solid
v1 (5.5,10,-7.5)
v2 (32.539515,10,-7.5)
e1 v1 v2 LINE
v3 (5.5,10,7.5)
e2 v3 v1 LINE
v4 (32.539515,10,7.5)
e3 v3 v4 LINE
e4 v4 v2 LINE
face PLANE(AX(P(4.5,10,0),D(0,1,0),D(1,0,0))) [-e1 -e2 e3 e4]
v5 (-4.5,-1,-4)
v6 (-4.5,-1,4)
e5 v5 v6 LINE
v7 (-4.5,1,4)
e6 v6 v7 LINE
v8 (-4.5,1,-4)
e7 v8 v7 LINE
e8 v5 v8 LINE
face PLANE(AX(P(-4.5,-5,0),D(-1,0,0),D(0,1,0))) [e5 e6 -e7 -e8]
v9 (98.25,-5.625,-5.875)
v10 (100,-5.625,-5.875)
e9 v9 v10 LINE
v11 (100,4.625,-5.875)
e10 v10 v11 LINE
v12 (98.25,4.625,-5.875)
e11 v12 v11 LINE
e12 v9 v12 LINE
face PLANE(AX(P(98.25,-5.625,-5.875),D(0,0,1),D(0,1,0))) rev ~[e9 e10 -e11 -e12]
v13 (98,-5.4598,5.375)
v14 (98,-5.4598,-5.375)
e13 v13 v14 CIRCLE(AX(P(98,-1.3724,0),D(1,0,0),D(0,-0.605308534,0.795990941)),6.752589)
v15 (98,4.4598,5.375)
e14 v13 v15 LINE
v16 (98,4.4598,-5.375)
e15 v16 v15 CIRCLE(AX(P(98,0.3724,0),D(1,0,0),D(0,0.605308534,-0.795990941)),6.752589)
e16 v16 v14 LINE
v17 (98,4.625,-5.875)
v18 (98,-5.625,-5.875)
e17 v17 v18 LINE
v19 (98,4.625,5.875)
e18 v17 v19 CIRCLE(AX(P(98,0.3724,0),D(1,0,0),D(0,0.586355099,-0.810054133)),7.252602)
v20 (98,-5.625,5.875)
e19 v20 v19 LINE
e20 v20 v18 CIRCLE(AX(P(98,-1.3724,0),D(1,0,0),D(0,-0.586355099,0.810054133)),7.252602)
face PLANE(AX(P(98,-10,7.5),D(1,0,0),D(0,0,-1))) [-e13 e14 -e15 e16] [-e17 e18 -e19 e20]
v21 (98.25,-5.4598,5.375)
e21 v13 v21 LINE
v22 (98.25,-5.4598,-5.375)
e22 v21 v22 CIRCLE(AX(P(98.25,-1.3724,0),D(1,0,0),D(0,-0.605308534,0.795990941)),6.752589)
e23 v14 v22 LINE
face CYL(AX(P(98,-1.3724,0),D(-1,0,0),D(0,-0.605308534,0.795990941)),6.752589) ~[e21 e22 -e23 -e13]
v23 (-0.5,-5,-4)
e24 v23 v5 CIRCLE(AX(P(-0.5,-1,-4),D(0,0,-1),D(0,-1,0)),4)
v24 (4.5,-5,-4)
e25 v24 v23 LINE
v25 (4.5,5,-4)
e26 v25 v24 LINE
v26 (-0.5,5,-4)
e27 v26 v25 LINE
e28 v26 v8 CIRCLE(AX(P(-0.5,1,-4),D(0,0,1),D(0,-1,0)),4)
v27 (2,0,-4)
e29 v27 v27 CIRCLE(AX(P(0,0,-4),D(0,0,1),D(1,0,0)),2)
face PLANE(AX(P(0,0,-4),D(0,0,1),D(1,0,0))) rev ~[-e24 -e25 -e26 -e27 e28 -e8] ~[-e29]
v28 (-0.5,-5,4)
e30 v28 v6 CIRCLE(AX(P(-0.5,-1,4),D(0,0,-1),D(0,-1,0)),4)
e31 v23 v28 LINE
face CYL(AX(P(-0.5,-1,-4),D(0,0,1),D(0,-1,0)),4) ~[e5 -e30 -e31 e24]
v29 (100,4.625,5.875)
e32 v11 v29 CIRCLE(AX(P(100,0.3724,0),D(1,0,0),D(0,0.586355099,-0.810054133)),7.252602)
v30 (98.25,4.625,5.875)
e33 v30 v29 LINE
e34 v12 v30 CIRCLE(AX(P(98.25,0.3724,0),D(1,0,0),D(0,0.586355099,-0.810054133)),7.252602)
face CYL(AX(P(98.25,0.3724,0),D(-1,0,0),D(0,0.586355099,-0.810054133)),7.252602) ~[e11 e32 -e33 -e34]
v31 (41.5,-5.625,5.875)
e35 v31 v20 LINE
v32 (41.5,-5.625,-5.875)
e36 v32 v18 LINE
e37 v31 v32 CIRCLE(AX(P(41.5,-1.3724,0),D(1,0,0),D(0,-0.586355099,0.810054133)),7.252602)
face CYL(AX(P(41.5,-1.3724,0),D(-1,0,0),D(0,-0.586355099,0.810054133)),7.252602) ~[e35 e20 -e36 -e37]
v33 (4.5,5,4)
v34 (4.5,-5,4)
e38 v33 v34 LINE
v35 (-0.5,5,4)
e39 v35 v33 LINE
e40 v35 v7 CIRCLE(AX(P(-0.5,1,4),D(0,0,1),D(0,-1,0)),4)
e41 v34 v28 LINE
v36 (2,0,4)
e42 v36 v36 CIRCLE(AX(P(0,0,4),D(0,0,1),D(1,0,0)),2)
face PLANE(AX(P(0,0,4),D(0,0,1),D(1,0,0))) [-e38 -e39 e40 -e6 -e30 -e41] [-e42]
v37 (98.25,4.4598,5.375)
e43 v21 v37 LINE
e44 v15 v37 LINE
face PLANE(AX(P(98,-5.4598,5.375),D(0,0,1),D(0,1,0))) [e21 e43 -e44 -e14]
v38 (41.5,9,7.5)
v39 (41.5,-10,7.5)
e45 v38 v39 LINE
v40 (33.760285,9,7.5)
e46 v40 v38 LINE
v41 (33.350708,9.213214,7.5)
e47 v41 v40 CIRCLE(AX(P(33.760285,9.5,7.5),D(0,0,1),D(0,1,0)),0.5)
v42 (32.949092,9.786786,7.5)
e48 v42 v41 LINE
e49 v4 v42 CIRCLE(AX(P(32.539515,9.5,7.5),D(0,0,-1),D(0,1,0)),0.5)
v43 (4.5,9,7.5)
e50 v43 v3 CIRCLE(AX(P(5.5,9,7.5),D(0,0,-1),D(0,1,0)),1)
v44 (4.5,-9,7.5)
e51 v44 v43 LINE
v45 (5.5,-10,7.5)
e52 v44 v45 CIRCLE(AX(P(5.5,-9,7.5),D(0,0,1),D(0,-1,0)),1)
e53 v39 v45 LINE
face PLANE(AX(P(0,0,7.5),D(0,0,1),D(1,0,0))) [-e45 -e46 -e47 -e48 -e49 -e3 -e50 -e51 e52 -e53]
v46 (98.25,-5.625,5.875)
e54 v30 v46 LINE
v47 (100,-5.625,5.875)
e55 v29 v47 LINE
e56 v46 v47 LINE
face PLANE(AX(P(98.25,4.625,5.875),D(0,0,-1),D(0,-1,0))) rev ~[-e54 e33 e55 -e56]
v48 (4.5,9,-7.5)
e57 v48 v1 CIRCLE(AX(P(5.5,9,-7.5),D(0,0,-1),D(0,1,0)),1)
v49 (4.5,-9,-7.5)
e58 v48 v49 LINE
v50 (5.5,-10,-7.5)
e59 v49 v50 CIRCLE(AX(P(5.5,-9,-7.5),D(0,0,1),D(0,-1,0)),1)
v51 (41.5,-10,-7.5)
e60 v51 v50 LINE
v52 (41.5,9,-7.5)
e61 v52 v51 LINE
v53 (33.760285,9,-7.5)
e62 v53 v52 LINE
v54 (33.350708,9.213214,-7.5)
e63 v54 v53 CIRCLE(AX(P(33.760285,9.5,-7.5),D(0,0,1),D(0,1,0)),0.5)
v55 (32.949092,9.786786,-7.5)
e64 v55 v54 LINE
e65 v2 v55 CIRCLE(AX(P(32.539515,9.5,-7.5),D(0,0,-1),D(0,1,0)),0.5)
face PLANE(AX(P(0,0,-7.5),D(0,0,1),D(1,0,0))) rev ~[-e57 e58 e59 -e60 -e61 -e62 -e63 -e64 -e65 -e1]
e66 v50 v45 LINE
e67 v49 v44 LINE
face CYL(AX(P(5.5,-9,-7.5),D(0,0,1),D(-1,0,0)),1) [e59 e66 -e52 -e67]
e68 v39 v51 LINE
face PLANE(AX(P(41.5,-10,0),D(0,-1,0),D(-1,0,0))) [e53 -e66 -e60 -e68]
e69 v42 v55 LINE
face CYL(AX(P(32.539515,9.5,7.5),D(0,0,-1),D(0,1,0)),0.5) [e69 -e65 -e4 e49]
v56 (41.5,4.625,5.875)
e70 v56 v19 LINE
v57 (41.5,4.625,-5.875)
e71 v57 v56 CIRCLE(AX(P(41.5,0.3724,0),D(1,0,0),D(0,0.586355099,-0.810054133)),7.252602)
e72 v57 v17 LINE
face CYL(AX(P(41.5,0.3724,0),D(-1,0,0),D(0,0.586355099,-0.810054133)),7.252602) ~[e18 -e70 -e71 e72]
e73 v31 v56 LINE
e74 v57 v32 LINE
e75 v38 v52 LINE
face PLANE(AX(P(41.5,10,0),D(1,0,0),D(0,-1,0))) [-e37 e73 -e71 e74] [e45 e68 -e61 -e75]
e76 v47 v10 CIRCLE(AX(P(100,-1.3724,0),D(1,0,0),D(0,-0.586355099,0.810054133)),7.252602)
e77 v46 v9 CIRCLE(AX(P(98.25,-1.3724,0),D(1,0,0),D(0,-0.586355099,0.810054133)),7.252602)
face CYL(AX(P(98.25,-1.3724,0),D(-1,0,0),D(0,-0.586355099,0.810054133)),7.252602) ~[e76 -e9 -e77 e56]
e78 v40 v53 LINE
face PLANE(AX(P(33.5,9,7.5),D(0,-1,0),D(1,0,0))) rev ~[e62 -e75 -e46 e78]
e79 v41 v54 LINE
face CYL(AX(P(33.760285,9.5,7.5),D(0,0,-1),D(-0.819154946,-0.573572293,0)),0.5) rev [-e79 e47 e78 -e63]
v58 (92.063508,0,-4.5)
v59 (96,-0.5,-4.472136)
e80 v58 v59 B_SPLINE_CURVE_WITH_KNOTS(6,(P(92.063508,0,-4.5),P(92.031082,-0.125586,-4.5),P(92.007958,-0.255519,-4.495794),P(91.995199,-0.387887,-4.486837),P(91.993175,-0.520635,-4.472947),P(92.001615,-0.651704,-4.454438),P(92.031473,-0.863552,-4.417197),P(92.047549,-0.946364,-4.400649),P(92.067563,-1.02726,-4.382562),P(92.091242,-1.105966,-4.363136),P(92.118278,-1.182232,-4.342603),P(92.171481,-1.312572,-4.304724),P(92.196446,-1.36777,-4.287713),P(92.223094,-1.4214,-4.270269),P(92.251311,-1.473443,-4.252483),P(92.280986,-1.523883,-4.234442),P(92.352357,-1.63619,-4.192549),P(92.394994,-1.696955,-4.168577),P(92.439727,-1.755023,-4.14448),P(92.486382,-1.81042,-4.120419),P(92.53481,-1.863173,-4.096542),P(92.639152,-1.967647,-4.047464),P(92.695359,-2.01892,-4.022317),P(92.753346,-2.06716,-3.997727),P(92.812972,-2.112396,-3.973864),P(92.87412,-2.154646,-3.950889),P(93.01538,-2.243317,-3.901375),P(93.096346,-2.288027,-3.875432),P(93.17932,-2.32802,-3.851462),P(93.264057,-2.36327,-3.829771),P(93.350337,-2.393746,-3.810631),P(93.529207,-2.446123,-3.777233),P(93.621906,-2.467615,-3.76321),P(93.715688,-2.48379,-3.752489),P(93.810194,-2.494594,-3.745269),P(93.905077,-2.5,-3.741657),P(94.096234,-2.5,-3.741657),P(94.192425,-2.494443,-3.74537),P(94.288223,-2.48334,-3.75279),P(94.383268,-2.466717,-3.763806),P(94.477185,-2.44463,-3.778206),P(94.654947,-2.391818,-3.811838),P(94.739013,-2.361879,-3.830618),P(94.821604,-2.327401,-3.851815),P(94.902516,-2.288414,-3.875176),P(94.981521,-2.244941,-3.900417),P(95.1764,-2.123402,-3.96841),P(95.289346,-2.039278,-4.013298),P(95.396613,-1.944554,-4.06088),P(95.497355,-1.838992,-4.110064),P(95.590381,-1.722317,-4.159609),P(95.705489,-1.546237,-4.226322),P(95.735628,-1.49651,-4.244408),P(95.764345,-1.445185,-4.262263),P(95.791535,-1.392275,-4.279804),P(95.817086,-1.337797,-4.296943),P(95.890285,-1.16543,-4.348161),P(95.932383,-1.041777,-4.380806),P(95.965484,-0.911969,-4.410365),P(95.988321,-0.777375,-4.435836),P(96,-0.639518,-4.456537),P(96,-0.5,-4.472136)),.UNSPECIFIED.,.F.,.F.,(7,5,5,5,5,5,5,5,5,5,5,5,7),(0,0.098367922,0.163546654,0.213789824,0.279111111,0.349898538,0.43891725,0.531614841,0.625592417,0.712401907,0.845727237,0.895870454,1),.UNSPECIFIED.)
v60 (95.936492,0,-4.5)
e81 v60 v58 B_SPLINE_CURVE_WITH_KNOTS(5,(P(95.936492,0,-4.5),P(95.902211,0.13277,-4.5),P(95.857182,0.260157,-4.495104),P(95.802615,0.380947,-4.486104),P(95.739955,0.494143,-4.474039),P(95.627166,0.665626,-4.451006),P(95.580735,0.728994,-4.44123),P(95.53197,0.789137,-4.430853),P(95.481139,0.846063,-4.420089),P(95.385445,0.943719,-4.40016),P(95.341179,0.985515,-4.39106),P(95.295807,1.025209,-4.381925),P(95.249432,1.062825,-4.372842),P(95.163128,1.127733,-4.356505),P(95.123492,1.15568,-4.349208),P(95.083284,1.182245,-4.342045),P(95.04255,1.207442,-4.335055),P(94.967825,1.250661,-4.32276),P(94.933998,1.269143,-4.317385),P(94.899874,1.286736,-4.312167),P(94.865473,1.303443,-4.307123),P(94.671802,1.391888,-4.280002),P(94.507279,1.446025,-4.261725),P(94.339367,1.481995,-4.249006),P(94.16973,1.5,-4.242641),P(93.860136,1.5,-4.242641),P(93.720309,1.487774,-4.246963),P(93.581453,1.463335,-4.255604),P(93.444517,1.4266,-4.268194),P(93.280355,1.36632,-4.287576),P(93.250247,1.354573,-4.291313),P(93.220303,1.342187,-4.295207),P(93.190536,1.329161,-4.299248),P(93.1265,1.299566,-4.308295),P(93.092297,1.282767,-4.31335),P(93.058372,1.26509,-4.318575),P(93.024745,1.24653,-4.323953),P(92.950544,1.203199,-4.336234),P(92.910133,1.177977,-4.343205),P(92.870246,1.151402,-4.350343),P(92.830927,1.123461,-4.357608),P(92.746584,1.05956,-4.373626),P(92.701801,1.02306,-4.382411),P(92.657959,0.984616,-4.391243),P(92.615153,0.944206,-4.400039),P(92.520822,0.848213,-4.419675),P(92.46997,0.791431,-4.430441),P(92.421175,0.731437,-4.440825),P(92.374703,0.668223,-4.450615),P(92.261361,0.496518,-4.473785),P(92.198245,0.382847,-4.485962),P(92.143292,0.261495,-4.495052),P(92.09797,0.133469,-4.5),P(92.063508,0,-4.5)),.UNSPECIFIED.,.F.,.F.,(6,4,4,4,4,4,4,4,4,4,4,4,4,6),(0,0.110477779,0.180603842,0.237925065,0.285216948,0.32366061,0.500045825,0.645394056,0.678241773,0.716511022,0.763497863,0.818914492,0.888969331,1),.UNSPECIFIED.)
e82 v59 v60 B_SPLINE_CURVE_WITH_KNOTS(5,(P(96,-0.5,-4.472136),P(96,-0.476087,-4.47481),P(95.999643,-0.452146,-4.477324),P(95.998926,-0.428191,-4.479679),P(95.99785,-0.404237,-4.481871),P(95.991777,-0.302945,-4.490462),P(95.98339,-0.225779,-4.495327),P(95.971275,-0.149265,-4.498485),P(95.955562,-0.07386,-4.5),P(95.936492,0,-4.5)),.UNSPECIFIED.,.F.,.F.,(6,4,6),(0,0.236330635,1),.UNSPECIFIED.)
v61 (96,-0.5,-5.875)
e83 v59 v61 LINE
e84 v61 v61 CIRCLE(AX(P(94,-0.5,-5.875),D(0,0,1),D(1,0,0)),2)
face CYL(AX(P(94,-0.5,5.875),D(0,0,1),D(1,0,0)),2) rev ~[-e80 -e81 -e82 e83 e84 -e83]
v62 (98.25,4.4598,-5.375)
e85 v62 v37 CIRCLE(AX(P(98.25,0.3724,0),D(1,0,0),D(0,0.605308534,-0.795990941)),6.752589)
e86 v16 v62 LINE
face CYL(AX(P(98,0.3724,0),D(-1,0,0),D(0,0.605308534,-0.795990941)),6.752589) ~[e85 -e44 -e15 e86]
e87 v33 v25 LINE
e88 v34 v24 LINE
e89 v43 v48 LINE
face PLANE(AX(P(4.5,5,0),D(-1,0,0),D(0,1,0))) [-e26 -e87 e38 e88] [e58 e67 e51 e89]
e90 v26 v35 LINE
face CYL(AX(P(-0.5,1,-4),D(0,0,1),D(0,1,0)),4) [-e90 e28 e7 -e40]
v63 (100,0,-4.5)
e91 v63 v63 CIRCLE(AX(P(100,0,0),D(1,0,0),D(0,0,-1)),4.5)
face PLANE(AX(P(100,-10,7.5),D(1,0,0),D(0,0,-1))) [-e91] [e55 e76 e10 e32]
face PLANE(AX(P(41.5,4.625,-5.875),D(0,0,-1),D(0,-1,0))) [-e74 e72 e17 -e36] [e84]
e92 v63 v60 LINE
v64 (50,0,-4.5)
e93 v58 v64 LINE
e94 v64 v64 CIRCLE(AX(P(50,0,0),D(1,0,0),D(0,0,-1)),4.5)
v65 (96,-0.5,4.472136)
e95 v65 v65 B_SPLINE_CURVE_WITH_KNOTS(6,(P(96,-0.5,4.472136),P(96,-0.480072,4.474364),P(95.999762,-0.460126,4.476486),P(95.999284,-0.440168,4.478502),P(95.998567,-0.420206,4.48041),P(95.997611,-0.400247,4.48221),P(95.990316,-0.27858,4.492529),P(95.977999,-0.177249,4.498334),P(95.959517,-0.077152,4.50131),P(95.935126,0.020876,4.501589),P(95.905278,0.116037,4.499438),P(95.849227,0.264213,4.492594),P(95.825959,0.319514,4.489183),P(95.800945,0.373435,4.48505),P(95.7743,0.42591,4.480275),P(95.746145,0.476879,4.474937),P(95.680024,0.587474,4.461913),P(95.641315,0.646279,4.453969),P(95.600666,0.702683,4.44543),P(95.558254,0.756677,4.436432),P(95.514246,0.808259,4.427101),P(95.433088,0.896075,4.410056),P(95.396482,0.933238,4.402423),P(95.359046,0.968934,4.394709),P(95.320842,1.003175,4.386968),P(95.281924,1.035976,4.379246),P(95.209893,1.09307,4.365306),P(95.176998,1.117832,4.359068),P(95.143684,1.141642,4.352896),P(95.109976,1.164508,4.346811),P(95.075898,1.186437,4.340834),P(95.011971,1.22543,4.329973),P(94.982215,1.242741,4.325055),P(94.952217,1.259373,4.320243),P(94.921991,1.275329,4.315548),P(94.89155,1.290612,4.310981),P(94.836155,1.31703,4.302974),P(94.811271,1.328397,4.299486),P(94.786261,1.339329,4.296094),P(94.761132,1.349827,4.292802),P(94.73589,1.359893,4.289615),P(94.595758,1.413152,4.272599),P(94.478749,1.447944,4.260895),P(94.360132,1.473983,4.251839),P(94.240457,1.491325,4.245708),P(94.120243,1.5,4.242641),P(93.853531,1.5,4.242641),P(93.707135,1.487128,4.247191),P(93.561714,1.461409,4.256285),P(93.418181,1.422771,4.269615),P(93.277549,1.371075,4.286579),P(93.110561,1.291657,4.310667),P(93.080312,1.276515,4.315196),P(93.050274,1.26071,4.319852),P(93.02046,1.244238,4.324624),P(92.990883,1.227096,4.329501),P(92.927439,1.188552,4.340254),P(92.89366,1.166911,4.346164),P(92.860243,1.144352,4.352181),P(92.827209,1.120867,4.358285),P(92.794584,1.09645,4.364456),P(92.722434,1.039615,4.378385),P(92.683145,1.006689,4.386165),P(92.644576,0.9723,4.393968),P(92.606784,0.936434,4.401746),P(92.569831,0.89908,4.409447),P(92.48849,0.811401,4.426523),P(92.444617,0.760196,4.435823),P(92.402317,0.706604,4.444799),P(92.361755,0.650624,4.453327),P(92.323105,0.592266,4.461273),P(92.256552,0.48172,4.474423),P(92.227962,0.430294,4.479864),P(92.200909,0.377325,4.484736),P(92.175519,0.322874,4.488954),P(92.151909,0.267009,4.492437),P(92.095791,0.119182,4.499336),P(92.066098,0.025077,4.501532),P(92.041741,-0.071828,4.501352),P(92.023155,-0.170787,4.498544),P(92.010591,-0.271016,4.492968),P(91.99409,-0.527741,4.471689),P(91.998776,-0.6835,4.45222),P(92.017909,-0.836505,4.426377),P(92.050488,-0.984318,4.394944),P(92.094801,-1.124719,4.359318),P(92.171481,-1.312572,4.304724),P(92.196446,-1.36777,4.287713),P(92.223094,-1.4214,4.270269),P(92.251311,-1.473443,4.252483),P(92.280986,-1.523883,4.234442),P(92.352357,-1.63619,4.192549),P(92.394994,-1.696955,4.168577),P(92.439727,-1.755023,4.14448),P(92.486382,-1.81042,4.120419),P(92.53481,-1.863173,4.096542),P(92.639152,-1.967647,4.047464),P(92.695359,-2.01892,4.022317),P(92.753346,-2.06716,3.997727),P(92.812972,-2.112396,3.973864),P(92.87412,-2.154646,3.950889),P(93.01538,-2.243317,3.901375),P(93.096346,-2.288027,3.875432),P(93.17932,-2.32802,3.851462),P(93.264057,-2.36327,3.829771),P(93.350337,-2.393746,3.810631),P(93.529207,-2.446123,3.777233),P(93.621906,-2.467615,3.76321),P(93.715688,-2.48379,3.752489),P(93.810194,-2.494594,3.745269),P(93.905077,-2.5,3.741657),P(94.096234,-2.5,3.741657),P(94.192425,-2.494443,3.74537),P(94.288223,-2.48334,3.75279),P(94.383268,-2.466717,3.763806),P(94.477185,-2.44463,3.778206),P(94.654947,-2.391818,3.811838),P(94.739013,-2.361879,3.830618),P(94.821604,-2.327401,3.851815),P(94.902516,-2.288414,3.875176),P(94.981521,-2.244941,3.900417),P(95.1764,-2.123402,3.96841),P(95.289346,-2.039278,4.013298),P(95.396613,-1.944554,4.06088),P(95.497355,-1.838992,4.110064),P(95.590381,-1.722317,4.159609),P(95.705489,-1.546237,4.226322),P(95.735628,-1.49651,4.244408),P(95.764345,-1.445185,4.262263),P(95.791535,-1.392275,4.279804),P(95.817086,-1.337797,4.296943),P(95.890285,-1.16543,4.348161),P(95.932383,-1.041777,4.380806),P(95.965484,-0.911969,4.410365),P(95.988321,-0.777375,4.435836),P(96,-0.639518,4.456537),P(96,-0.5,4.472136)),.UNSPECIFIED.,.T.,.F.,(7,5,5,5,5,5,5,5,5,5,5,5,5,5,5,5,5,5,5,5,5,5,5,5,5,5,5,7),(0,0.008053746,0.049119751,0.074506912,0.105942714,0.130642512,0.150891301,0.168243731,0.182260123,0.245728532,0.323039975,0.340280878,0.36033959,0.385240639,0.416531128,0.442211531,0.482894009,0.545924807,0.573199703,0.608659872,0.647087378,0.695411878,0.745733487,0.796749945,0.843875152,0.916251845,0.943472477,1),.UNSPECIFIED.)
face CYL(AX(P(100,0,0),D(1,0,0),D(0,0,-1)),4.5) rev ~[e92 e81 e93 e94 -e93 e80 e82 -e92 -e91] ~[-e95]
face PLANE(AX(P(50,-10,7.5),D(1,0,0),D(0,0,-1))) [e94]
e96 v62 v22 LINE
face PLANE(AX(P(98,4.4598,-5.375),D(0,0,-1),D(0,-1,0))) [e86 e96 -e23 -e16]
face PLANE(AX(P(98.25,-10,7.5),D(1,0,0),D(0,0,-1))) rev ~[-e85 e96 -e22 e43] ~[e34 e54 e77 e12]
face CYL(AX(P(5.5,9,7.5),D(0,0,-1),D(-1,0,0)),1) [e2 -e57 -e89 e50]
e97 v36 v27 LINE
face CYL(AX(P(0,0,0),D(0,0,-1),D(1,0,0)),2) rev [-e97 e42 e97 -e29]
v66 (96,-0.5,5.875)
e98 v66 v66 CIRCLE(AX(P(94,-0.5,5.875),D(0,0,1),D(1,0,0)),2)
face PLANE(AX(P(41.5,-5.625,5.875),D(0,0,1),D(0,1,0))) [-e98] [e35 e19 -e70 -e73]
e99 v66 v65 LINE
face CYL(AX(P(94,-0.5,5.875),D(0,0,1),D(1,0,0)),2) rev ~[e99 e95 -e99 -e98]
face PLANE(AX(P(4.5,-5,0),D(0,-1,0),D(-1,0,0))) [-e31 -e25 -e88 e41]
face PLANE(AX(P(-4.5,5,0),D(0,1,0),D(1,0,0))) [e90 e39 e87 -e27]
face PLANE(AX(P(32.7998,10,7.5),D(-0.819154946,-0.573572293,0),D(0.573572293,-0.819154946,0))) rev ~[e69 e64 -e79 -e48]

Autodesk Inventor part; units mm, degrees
ref_plane "YZ Plane" through (0, 0, 0) normal (1, 0, 0) x (0, 1, 0)
ref_plane "XZ Plane" through (0, 0, 0) normal (0, 1, 0) x (-1, 0, 0)
ref_plane "XY Plane" through (0, 0, 0) normal (0, 0, 1) x (1, 0, 0)
sketch "Base" plane through (0, 0, 0) normal (0, 0, 1) x (1, 0, 0)
  circle A0 centre (0, 0) radius 2
  line L0 (-4.5, 5) -> (4.5, 5)
  line L1 (4.5, 5) -> (4.5, -5)
  line L2 (4.5, -5) -> (-4.5, -5)
  line L3 (-4.5, -5) -> (-4.5, 5)
  line L4 (4.5, 0) -> (-4.5, 0) construction
  line L5 (4.5, 10) -> (41.5, 10)
  line L6 (41.5, 10) -> (41.5, -10)
  line L7 (41.5, -10) -> (4.5, -10)
  line L8 (4.5, -10) -> (4.5, 10)
  dimension "d0" = 4
  dimension "d1" = 10
  dimension "d2" = 9
  dimension "d3" = 20
  dimension "d4" = 37
extrude "Extrusion1" add sketch "Base" along normal mid plane 8 contours L0 L1 L2 L3
extrude "Extrusion2" add sketch "Base" along normal mid plane 15 contours L8 L5 L6 L7 L1
fillet "Fillet1" radius 4 2 edges at (-4.5, -5, 0) (-4.5, 5, 0)
fillet "Fillet2" radius 1 2 edges at (4.5, 10, 0) (4.5, -10, 0)
sketch "Sketch2" plane through (0, 0, 7.5) normal (0, 0, 1) x (1, 0, 0)
  arc A0 (4.5, -9) -> (5.5, -10) centre (5.5, -9) ccw projected
  line L0 (5.5, -10) -> (41.5, -10) projected
  line L1 (41.5, -10) -> (41.5, 10) projected
  line L2 (41.5, 10) -> (5.5, 10) projected
  arc A1 (5.5, 10) -> (4.5, 9) centre (5.5, 9) ccw projected
  line L3 (4.5, 9) -> (4.5, -9) projected
  line L4 (32.7998, 10) -> (33.5, 9)
  line L5 (33.5, 9) -> (41.5, 9)
  line L6 (41.5, -10) -> (41.5, 10) projected
  line L7 (41.5, 10) -> (5.5, 10) projected
  point P0 (0, 0)
  dimension "d11" = 1
  dimension "d12" = 8
  dimension "d13" = 125
extrude "Extrusion3" cut sketch "Sketch2" against normal up to surface (15 mm away) contours L5 L4 L2 L1
fillet "Fillet3" radius 0.5 2 edges at (32.7998, 10, 0) (33.5, 9, 0)
sketch "Sketch3" plane through (41.5, -10, 7.5) normal (1, 0, 0) x (0, 0, -1)
  line L0 (15, 19) -> (0, 19) construction
  line L1 (7.5, 19) -> (7.5, 0) construction
  line L2 (0, 0) -> (15, 0) construction
  line L3 (1.625, 14.625) -> (13.375, 14.625) construction
  line L4 (13.375, 14.625) -> (13.375, 4.375)
  line L5 (13.375, 4.375) -> (1.625, 4.375) construction
  line L6 (1.625, 4.375) -> (1.625, 14.625)
  line L7 (0, 0) -> (0, 19) construction
  line L8 (0, 9.5) -> (15, 9.5) construction
  line L9 (15, 19) -> (15, 0) construction
  arc A0 (13.375, 14.625) -> (1.625, 14.625) centre (7.5, 10.3724) ccw
  arc A1 (1.625, 4.375) -> (13.375, 4.375) centre (7.5, 8.6276) ccw
  point P0 (7.5, 10)
  point P1 (7.5, 14.625)
  point P2 (1.625, 9.5)
  point P3 (7.5, 17.625)
  point P4 (7.5, 1.375)
  dimension "d17" = 11.75
  dimension "d18" = 3
  dimension "d21" = 16.25
extrude "Extrusion4" add sketch "Sketch3" along normal blind 56.5
sketch "Sketch4" plane through (98, -10, 7.5) normal (1, 0, 0) x (0, 0, -1)
  line L0 (13.375, 4.375) -> (13.375, 14.625) projected
  arc A0 (13.375, 14.625) -> (1.625, 14.625) centre (7.5, 10.3724) ccw projected
  line L1 (1.625, 14.625) -> (1.625, 4.375) projected
  arc A1 (1.625, 4.375) -> (13.375, 4.375) centre (7.5, 8.6276) ccw projected
  arc A2 (12.875, 14.4598) -> (2.125, 14.4598) centre (7.5, 10.3724) ccw
  line L2 (12.875, 14.4598) -> (12.875, 4.5402)
  arc A3 (2.125, 4.5402) -> (12.875, 4.5402) centre (7.5, 8.6276) ccw
  line L3 (2.125, 4.5402) -> (2.125, 14.4598)
  point P0 (7.5, 10)
  dimension "d22" = 0.5
extrude "Extrusion5" add sketch "Sketch4" along normal blind 0.25 contours L2 A3 L3 A2
sketch "Sketch5" plane through (98.25, -10, 7.5) normal (1, 0, 0) x (0, 0, -1)
  arc A0 (13.375, 14.625) -> (1.625, 14.625) centre (7.5, 10.3724) ccw projected
  line L0 (1.625, 14.625) -> (1.625, 4.375) projected
  arc A1 (1.625, 4.375) -> (13.375, 4.375) centre (7.5, 8.6276) ccw projected
  line L1 (13.375, 4.375) -> (13.375, 14.625) projected
  point P0 (7.5, 10)
extrude "Extrusion6" add sketch "Sketch5" along normal blind 1.75
sketch "Sketch6" plane through (100, -10, 7.5) normal (1, 0, 0) x (0, 0, -1)
  circle A0 centre (7.5, 10) radius 4.5
  dimension "d27" = 9
extrude "Extrusion7" cut sketch "Sketch6" against normal blind 50
sketch "Sketch7" plane through (41.5, -5.625, 5.875) normal (0, 0, 1) x (1, 0, 0)
  line L0 (58.5, 0) -> (58.5, 10.25) projected
  line L1 (58.5, 5.125) -> (54.5, 5.125) construction
  circle A0 centre (52.5, 5.125) radius 2
  line L2 (52.5, 5.125) -> (54.5, 5.125) construction
  point P0 (-41.5, 5.625)
  dimension "d31" = 4
  dimension "d30" = 4
extrude "Extrusion8" cut sketch "Sketch7" against normal through all
properties part number "LA-T8-1215-50 105-64 Body"
